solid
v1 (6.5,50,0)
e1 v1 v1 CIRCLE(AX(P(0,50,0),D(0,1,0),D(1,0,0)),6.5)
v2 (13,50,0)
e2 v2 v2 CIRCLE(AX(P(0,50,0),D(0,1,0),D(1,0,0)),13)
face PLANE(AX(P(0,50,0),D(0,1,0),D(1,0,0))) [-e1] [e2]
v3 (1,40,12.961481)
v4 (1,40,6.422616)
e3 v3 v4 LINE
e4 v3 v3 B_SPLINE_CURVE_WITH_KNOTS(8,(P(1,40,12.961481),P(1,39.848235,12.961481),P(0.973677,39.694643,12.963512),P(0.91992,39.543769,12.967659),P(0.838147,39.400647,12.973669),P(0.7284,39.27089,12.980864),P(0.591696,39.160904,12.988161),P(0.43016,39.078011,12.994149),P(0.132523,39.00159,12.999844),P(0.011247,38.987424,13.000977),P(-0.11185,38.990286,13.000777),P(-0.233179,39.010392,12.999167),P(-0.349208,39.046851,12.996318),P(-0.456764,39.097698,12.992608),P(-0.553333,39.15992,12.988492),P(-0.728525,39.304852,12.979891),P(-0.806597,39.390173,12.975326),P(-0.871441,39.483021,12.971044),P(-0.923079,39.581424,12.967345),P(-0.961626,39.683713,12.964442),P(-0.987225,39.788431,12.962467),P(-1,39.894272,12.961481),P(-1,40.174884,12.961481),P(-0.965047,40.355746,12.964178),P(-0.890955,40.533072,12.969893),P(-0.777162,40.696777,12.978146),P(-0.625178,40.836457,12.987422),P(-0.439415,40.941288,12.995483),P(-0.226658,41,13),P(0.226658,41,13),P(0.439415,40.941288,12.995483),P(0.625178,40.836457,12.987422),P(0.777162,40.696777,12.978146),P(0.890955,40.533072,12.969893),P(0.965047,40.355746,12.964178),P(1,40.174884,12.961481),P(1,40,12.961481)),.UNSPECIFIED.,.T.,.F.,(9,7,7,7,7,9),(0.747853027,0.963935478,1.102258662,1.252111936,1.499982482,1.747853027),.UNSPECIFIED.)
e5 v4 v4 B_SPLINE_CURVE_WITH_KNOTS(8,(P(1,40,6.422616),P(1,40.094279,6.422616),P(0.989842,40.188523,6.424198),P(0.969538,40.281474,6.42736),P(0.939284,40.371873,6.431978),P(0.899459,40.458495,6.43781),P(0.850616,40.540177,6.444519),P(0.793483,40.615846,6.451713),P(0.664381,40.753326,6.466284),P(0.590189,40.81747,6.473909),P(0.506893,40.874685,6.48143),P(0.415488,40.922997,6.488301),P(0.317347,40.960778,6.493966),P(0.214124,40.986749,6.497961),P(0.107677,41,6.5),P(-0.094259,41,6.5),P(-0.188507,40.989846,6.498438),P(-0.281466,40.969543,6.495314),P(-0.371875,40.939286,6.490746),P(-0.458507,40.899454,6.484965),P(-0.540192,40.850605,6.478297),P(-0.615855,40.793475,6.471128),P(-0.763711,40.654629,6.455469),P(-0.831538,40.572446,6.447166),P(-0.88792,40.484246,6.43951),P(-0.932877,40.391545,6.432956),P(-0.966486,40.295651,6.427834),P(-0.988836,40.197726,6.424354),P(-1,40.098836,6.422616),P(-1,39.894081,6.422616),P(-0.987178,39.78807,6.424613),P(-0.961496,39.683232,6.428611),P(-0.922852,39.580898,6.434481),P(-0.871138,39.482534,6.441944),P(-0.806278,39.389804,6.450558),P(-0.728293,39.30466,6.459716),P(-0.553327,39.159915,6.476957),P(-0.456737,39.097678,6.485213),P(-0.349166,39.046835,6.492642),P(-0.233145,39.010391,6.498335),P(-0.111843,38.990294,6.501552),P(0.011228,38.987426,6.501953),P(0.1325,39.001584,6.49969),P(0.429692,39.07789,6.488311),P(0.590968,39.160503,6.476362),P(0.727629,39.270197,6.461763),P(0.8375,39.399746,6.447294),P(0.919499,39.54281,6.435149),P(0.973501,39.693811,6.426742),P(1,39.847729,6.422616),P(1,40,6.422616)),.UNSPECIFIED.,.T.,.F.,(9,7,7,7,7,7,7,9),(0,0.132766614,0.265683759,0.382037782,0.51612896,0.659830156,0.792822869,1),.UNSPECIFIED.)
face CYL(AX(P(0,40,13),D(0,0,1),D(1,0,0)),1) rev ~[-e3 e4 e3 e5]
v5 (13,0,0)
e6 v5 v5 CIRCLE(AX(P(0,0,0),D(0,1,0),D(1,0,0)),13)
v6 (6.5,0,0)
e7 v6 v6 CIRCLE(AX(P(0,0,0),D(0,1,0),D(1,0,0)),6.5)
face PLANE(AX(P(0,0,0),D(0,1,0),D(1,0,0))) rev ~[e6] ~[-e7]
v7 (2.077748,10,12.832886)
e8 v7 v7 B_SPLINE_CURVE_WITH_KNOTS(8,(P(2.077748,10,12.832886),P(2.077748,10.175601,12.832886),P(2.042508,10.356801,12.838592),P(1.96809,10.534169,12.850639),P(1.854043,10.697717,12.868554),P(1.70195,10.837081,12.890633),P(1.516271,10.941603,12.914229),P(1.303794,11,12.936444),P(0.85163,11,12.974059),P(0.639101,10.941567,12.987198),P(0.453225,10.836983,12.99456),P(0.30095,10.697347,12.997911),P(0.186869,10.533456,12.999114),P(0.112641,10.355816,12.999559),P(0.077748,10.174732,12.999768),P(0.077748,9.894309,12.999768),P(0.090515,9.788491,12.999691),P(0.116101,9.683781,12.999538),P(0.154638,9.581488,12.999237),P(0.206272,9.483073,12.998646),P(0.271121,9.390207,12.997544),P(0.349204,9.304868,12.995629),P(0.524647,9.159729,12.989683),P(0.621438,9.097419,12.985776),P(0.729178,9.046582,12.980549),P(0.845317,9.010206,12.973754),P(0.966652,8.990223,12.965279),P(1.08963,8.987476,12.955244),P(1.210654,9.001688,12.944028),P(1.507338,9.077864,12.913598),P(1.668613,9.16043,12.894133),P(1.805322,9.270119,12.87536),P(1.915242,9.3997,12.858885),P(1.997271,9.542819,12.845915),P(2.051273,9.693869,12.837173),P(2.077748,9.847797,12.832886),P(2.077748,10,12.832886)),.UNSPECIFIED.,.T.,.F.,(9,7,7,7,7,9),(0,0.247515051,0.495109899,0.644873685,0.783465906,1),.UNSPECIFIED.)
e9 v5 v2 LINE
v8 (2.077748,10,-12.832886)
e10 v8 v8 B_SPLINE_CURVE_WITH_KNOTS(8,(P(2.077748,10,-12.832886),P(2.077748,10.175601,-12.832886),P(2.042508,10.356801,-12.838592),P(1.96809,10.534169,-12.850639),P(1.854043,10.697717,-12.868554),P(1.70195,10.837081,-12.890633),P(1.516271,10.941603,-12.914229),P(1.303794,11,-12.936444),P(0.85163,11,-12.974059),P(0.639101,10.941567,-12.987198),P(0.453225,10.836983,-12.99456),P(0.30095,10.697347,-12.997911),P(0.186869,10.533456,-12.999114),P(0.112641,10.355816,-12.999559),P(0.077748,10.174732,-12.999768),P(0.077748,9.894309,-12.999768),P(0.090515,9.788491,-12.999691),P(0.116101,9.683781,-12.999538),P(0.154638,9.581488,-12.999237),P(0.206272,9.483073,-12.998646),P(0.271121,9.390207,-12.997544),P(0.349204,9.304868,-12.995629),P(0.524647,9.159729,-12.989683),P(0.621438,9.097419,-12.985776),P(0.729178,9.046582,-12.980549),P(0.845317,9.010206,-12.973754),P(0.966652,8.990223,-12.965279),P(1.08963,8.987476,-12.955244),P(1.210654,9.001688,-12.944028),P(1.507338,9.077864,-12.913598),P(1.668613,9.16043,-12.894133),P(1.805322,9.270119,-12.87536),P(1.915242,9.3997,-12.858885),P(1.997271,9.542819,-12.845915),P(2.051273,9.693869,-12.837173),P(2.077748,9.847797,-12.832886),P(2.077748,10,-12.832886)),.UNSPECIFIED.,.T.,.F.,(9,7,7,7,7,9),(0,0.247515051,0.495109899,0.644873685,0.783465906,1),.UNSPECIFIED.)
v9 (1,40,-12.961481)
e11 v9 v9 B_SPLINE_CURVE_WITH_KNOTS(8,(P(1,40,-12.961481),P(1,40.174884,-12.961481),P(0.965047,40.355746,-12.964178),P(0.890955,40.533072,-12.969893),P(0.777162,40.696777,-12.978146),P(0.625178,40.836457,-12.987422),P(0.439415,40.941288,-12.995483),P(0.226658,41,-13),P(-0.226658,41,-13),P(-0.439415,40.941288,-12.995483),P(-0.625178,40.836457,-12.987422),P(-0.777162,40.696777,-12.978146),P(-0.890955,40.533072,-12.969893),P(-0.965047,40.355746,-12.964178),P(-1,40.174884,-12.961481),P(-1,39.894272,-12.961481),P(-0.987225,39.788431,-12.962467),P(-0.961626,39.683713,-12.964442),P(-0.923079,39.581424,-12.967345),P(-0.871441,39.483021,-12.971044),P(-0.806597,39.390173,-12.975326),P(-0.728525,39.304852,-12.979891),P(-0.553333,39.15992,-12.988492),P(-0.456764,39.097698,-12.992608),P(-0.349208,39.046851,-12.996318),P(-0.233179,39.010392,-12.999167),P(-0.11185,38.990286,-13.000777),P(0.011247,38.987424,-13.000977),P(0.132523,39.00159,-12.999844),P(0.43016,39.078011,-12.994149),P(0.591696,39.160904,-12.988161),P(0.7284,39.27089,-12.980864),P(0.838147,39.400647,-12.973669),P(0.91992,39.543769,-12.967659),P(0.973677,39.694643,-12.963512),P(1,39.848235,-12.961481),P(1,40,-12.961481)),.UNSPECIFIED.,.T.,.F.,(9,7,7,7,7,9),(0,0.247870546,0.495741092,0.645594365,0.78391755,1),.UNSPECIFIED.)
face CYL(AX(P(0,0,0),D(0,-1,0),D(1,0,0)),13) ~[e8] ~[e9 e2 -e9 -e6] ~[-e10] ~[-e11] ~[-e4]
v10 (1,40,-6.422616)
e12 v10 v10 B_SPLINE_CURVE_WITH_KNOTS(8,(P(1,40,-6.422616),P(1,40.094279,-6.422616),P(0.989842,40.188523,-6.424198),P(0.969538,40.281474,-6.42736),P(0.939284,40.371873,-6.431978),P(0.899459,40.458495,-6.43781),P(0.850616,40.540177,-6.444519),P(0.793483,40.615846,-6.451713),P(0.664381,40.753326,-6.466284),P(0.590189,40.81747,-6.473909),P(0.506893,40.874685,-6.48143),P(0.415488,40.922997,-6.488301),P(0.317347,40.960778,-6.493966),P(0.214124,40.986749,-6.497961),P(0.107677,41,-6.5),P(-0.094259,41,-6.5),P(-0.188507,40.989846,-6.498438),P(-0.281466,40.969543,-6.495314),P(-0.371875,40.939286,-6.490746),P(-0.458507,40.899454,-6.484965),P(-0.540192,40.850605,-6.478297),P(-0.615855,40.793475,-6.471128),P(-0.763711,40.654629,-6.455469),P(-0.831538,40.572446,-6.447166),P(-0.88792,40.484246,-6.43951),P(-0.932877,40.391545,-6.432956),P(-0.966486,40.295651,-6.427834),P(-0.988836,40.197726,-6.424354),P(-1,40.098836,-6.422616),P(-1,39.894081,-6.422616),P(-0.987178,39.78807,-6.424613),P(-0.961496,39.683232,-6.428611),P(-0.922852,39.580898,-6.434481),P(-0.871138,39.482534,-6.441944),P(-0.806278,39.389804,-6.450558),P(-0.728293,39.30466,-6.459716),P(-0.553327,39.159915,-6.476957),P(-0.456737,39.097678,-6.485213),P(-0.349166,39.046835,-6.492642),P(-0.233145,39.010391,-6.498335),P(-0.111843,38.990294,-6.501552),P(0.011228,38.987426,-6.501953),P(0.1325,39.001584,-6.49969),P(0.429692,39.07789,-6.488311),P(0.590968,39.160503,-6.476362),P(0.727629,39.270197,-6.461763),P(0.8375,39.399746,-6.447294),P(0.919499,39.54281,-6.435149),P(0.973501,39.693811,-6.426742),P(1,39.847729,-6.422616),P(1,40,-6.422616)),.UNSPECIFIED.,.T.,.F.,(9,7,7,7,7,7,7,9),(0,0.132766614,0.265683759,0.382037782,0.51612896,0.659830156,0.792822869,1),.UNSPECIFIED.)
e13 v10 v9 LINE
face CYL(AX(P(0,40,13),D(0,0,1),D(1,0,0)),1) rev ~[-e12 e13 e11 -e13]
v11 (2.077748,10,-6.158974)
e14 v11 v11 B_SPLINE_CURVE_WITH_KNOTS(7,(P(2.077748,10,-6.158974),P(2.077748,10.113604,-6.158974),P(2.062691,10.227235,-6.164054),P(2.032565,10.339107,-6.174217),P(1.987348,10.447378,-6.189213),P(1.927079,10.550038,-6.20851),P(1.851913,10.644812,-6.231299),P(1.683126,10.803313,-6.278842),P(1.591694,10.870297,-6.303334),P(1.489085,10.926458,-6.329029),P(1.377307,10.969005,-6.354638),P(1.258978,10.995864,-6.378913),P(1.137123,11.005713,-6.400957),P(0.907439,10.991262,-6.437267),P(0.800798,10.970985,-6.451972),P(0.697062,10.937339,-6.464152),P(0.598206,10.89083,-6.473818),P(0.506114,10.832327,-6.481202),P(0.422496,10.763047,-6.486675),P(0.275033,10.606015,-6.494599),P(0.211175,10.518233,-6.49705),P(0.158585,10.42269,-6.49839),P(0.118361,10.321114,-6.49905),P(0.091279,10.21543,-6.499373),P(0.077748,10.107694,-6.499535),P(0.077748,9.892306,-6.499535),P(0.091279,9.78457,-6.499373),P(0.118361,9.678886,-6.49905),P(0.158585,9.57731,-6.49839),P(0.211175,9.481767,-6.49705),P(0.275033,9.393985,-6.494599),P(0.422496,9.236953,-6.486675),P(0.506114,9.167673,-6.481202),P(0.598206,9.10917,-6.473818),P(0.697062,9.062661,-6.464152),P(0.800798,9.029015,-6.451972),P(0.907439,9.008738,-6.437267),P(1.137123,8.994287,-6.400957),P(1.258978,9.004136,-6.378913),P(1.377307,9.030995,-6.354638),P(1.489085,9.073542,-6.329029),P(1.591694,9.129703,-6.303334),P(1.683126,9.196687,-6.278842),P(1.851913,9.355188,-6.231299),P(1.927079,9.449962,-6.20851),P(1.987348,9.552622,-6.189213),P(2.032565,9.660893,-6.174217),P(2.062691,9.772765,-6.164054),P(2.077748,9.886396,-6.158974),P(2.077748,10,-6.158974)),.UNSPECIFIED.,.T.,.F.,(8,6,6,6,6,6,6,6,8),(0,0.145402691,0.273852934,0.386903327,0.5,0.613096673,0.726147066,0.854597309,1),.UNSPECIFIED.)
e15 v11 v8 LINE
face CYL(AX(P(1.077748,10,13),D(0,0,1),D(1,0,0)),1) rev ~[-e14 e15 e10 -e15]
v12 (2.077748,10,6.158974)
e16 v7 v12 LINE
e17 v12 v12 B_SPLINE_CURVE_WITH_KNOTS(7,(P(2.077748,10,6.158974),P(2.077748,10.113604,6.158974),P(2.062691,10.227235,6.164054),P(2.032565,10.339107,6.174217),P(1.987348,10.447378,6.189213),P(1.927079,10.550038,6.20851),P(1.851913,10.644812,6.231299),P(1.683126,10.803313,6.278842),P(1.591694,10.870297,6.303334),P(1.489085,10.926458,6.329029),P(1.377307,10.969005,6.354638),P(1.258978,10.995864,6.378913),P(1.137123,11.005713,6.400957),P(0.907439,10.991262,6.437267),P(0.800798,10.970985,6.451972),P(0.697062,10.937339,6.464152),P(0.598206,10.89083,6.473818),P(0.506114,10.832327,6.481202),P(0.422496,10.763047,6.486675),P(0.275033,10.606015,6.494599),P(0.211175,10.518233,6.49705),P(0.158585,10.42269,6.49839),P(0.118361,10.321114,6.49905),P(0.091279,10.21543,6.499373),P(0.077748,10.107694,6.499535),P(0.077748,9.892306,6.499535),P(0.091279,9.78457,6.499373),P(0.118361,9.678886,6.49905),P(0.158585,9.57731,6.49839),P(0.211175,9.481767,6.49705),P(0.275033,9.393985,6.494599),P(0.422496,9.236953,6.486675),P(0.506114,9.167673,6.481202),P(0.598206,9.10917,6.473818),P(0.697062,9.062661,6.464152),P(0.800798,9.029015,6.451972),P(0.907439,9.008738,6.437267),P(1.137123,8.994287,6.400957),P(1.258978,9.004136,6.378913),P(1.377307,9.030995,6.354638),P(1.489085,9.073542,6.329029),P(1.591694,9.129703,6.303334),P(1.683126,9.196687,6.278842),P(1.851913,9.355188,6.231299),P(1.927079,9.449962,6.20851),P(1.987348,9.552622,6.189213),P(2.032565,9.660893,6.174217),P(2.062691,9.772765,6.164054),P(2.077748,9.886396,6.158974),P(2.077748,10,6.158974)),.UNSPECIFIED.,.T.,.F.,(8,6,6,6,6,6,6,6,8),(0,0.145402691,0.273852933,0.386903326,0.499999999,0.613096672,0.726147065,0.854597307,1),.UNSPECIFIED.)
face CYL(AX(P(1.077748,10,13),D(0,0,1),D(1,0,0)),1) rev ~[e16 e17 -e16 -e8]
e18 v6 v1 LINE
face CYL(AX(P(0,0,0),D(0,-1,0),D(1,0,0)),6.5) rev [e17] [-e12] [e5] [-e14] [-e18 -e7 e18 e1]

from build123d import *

# Parameters (mm, degrees)
SKETCH1_R           = 13
SKETCH1_R_2         = 6.5
BOSS_EXTRUDE1_DEPTH = 50
SKETCH3_R           = 1
CUT_EXTRUDE1_DEPTH  = 73


with BuildPart() as part:
    # Sketch1 → Boss-Extrude1 (new body)
    with BuildSketch(Plane(origin=(0, 0, 0), x_dir=(1, 0, 0), z_dir=(0, 1, 0))):
        Circle(SKETCH1_R)
        Circle(SKETCH1_R_2, mode=Mode.SUBTRACT)
    extrude(amount=BOSS_EXTRUDE1_DEPTH)

    # Sketch3 → Cut-Extrude1 (cut)
    with BuildSketch(Plane(origin=(0, 50, 13), x_dir=(1, 0, 0), z_dir=(0, 0, 1))):
        with Locations((0, -10)):
            Circle(SKETCH3_R)
        with Locations((1.077748206, -40)):
            Circle(SKETCH3_R)
    extrude(amount=-CUT_EXTRUDE1_DEPTH, mode=Mode.SUBTRACT)


solid = part.part
